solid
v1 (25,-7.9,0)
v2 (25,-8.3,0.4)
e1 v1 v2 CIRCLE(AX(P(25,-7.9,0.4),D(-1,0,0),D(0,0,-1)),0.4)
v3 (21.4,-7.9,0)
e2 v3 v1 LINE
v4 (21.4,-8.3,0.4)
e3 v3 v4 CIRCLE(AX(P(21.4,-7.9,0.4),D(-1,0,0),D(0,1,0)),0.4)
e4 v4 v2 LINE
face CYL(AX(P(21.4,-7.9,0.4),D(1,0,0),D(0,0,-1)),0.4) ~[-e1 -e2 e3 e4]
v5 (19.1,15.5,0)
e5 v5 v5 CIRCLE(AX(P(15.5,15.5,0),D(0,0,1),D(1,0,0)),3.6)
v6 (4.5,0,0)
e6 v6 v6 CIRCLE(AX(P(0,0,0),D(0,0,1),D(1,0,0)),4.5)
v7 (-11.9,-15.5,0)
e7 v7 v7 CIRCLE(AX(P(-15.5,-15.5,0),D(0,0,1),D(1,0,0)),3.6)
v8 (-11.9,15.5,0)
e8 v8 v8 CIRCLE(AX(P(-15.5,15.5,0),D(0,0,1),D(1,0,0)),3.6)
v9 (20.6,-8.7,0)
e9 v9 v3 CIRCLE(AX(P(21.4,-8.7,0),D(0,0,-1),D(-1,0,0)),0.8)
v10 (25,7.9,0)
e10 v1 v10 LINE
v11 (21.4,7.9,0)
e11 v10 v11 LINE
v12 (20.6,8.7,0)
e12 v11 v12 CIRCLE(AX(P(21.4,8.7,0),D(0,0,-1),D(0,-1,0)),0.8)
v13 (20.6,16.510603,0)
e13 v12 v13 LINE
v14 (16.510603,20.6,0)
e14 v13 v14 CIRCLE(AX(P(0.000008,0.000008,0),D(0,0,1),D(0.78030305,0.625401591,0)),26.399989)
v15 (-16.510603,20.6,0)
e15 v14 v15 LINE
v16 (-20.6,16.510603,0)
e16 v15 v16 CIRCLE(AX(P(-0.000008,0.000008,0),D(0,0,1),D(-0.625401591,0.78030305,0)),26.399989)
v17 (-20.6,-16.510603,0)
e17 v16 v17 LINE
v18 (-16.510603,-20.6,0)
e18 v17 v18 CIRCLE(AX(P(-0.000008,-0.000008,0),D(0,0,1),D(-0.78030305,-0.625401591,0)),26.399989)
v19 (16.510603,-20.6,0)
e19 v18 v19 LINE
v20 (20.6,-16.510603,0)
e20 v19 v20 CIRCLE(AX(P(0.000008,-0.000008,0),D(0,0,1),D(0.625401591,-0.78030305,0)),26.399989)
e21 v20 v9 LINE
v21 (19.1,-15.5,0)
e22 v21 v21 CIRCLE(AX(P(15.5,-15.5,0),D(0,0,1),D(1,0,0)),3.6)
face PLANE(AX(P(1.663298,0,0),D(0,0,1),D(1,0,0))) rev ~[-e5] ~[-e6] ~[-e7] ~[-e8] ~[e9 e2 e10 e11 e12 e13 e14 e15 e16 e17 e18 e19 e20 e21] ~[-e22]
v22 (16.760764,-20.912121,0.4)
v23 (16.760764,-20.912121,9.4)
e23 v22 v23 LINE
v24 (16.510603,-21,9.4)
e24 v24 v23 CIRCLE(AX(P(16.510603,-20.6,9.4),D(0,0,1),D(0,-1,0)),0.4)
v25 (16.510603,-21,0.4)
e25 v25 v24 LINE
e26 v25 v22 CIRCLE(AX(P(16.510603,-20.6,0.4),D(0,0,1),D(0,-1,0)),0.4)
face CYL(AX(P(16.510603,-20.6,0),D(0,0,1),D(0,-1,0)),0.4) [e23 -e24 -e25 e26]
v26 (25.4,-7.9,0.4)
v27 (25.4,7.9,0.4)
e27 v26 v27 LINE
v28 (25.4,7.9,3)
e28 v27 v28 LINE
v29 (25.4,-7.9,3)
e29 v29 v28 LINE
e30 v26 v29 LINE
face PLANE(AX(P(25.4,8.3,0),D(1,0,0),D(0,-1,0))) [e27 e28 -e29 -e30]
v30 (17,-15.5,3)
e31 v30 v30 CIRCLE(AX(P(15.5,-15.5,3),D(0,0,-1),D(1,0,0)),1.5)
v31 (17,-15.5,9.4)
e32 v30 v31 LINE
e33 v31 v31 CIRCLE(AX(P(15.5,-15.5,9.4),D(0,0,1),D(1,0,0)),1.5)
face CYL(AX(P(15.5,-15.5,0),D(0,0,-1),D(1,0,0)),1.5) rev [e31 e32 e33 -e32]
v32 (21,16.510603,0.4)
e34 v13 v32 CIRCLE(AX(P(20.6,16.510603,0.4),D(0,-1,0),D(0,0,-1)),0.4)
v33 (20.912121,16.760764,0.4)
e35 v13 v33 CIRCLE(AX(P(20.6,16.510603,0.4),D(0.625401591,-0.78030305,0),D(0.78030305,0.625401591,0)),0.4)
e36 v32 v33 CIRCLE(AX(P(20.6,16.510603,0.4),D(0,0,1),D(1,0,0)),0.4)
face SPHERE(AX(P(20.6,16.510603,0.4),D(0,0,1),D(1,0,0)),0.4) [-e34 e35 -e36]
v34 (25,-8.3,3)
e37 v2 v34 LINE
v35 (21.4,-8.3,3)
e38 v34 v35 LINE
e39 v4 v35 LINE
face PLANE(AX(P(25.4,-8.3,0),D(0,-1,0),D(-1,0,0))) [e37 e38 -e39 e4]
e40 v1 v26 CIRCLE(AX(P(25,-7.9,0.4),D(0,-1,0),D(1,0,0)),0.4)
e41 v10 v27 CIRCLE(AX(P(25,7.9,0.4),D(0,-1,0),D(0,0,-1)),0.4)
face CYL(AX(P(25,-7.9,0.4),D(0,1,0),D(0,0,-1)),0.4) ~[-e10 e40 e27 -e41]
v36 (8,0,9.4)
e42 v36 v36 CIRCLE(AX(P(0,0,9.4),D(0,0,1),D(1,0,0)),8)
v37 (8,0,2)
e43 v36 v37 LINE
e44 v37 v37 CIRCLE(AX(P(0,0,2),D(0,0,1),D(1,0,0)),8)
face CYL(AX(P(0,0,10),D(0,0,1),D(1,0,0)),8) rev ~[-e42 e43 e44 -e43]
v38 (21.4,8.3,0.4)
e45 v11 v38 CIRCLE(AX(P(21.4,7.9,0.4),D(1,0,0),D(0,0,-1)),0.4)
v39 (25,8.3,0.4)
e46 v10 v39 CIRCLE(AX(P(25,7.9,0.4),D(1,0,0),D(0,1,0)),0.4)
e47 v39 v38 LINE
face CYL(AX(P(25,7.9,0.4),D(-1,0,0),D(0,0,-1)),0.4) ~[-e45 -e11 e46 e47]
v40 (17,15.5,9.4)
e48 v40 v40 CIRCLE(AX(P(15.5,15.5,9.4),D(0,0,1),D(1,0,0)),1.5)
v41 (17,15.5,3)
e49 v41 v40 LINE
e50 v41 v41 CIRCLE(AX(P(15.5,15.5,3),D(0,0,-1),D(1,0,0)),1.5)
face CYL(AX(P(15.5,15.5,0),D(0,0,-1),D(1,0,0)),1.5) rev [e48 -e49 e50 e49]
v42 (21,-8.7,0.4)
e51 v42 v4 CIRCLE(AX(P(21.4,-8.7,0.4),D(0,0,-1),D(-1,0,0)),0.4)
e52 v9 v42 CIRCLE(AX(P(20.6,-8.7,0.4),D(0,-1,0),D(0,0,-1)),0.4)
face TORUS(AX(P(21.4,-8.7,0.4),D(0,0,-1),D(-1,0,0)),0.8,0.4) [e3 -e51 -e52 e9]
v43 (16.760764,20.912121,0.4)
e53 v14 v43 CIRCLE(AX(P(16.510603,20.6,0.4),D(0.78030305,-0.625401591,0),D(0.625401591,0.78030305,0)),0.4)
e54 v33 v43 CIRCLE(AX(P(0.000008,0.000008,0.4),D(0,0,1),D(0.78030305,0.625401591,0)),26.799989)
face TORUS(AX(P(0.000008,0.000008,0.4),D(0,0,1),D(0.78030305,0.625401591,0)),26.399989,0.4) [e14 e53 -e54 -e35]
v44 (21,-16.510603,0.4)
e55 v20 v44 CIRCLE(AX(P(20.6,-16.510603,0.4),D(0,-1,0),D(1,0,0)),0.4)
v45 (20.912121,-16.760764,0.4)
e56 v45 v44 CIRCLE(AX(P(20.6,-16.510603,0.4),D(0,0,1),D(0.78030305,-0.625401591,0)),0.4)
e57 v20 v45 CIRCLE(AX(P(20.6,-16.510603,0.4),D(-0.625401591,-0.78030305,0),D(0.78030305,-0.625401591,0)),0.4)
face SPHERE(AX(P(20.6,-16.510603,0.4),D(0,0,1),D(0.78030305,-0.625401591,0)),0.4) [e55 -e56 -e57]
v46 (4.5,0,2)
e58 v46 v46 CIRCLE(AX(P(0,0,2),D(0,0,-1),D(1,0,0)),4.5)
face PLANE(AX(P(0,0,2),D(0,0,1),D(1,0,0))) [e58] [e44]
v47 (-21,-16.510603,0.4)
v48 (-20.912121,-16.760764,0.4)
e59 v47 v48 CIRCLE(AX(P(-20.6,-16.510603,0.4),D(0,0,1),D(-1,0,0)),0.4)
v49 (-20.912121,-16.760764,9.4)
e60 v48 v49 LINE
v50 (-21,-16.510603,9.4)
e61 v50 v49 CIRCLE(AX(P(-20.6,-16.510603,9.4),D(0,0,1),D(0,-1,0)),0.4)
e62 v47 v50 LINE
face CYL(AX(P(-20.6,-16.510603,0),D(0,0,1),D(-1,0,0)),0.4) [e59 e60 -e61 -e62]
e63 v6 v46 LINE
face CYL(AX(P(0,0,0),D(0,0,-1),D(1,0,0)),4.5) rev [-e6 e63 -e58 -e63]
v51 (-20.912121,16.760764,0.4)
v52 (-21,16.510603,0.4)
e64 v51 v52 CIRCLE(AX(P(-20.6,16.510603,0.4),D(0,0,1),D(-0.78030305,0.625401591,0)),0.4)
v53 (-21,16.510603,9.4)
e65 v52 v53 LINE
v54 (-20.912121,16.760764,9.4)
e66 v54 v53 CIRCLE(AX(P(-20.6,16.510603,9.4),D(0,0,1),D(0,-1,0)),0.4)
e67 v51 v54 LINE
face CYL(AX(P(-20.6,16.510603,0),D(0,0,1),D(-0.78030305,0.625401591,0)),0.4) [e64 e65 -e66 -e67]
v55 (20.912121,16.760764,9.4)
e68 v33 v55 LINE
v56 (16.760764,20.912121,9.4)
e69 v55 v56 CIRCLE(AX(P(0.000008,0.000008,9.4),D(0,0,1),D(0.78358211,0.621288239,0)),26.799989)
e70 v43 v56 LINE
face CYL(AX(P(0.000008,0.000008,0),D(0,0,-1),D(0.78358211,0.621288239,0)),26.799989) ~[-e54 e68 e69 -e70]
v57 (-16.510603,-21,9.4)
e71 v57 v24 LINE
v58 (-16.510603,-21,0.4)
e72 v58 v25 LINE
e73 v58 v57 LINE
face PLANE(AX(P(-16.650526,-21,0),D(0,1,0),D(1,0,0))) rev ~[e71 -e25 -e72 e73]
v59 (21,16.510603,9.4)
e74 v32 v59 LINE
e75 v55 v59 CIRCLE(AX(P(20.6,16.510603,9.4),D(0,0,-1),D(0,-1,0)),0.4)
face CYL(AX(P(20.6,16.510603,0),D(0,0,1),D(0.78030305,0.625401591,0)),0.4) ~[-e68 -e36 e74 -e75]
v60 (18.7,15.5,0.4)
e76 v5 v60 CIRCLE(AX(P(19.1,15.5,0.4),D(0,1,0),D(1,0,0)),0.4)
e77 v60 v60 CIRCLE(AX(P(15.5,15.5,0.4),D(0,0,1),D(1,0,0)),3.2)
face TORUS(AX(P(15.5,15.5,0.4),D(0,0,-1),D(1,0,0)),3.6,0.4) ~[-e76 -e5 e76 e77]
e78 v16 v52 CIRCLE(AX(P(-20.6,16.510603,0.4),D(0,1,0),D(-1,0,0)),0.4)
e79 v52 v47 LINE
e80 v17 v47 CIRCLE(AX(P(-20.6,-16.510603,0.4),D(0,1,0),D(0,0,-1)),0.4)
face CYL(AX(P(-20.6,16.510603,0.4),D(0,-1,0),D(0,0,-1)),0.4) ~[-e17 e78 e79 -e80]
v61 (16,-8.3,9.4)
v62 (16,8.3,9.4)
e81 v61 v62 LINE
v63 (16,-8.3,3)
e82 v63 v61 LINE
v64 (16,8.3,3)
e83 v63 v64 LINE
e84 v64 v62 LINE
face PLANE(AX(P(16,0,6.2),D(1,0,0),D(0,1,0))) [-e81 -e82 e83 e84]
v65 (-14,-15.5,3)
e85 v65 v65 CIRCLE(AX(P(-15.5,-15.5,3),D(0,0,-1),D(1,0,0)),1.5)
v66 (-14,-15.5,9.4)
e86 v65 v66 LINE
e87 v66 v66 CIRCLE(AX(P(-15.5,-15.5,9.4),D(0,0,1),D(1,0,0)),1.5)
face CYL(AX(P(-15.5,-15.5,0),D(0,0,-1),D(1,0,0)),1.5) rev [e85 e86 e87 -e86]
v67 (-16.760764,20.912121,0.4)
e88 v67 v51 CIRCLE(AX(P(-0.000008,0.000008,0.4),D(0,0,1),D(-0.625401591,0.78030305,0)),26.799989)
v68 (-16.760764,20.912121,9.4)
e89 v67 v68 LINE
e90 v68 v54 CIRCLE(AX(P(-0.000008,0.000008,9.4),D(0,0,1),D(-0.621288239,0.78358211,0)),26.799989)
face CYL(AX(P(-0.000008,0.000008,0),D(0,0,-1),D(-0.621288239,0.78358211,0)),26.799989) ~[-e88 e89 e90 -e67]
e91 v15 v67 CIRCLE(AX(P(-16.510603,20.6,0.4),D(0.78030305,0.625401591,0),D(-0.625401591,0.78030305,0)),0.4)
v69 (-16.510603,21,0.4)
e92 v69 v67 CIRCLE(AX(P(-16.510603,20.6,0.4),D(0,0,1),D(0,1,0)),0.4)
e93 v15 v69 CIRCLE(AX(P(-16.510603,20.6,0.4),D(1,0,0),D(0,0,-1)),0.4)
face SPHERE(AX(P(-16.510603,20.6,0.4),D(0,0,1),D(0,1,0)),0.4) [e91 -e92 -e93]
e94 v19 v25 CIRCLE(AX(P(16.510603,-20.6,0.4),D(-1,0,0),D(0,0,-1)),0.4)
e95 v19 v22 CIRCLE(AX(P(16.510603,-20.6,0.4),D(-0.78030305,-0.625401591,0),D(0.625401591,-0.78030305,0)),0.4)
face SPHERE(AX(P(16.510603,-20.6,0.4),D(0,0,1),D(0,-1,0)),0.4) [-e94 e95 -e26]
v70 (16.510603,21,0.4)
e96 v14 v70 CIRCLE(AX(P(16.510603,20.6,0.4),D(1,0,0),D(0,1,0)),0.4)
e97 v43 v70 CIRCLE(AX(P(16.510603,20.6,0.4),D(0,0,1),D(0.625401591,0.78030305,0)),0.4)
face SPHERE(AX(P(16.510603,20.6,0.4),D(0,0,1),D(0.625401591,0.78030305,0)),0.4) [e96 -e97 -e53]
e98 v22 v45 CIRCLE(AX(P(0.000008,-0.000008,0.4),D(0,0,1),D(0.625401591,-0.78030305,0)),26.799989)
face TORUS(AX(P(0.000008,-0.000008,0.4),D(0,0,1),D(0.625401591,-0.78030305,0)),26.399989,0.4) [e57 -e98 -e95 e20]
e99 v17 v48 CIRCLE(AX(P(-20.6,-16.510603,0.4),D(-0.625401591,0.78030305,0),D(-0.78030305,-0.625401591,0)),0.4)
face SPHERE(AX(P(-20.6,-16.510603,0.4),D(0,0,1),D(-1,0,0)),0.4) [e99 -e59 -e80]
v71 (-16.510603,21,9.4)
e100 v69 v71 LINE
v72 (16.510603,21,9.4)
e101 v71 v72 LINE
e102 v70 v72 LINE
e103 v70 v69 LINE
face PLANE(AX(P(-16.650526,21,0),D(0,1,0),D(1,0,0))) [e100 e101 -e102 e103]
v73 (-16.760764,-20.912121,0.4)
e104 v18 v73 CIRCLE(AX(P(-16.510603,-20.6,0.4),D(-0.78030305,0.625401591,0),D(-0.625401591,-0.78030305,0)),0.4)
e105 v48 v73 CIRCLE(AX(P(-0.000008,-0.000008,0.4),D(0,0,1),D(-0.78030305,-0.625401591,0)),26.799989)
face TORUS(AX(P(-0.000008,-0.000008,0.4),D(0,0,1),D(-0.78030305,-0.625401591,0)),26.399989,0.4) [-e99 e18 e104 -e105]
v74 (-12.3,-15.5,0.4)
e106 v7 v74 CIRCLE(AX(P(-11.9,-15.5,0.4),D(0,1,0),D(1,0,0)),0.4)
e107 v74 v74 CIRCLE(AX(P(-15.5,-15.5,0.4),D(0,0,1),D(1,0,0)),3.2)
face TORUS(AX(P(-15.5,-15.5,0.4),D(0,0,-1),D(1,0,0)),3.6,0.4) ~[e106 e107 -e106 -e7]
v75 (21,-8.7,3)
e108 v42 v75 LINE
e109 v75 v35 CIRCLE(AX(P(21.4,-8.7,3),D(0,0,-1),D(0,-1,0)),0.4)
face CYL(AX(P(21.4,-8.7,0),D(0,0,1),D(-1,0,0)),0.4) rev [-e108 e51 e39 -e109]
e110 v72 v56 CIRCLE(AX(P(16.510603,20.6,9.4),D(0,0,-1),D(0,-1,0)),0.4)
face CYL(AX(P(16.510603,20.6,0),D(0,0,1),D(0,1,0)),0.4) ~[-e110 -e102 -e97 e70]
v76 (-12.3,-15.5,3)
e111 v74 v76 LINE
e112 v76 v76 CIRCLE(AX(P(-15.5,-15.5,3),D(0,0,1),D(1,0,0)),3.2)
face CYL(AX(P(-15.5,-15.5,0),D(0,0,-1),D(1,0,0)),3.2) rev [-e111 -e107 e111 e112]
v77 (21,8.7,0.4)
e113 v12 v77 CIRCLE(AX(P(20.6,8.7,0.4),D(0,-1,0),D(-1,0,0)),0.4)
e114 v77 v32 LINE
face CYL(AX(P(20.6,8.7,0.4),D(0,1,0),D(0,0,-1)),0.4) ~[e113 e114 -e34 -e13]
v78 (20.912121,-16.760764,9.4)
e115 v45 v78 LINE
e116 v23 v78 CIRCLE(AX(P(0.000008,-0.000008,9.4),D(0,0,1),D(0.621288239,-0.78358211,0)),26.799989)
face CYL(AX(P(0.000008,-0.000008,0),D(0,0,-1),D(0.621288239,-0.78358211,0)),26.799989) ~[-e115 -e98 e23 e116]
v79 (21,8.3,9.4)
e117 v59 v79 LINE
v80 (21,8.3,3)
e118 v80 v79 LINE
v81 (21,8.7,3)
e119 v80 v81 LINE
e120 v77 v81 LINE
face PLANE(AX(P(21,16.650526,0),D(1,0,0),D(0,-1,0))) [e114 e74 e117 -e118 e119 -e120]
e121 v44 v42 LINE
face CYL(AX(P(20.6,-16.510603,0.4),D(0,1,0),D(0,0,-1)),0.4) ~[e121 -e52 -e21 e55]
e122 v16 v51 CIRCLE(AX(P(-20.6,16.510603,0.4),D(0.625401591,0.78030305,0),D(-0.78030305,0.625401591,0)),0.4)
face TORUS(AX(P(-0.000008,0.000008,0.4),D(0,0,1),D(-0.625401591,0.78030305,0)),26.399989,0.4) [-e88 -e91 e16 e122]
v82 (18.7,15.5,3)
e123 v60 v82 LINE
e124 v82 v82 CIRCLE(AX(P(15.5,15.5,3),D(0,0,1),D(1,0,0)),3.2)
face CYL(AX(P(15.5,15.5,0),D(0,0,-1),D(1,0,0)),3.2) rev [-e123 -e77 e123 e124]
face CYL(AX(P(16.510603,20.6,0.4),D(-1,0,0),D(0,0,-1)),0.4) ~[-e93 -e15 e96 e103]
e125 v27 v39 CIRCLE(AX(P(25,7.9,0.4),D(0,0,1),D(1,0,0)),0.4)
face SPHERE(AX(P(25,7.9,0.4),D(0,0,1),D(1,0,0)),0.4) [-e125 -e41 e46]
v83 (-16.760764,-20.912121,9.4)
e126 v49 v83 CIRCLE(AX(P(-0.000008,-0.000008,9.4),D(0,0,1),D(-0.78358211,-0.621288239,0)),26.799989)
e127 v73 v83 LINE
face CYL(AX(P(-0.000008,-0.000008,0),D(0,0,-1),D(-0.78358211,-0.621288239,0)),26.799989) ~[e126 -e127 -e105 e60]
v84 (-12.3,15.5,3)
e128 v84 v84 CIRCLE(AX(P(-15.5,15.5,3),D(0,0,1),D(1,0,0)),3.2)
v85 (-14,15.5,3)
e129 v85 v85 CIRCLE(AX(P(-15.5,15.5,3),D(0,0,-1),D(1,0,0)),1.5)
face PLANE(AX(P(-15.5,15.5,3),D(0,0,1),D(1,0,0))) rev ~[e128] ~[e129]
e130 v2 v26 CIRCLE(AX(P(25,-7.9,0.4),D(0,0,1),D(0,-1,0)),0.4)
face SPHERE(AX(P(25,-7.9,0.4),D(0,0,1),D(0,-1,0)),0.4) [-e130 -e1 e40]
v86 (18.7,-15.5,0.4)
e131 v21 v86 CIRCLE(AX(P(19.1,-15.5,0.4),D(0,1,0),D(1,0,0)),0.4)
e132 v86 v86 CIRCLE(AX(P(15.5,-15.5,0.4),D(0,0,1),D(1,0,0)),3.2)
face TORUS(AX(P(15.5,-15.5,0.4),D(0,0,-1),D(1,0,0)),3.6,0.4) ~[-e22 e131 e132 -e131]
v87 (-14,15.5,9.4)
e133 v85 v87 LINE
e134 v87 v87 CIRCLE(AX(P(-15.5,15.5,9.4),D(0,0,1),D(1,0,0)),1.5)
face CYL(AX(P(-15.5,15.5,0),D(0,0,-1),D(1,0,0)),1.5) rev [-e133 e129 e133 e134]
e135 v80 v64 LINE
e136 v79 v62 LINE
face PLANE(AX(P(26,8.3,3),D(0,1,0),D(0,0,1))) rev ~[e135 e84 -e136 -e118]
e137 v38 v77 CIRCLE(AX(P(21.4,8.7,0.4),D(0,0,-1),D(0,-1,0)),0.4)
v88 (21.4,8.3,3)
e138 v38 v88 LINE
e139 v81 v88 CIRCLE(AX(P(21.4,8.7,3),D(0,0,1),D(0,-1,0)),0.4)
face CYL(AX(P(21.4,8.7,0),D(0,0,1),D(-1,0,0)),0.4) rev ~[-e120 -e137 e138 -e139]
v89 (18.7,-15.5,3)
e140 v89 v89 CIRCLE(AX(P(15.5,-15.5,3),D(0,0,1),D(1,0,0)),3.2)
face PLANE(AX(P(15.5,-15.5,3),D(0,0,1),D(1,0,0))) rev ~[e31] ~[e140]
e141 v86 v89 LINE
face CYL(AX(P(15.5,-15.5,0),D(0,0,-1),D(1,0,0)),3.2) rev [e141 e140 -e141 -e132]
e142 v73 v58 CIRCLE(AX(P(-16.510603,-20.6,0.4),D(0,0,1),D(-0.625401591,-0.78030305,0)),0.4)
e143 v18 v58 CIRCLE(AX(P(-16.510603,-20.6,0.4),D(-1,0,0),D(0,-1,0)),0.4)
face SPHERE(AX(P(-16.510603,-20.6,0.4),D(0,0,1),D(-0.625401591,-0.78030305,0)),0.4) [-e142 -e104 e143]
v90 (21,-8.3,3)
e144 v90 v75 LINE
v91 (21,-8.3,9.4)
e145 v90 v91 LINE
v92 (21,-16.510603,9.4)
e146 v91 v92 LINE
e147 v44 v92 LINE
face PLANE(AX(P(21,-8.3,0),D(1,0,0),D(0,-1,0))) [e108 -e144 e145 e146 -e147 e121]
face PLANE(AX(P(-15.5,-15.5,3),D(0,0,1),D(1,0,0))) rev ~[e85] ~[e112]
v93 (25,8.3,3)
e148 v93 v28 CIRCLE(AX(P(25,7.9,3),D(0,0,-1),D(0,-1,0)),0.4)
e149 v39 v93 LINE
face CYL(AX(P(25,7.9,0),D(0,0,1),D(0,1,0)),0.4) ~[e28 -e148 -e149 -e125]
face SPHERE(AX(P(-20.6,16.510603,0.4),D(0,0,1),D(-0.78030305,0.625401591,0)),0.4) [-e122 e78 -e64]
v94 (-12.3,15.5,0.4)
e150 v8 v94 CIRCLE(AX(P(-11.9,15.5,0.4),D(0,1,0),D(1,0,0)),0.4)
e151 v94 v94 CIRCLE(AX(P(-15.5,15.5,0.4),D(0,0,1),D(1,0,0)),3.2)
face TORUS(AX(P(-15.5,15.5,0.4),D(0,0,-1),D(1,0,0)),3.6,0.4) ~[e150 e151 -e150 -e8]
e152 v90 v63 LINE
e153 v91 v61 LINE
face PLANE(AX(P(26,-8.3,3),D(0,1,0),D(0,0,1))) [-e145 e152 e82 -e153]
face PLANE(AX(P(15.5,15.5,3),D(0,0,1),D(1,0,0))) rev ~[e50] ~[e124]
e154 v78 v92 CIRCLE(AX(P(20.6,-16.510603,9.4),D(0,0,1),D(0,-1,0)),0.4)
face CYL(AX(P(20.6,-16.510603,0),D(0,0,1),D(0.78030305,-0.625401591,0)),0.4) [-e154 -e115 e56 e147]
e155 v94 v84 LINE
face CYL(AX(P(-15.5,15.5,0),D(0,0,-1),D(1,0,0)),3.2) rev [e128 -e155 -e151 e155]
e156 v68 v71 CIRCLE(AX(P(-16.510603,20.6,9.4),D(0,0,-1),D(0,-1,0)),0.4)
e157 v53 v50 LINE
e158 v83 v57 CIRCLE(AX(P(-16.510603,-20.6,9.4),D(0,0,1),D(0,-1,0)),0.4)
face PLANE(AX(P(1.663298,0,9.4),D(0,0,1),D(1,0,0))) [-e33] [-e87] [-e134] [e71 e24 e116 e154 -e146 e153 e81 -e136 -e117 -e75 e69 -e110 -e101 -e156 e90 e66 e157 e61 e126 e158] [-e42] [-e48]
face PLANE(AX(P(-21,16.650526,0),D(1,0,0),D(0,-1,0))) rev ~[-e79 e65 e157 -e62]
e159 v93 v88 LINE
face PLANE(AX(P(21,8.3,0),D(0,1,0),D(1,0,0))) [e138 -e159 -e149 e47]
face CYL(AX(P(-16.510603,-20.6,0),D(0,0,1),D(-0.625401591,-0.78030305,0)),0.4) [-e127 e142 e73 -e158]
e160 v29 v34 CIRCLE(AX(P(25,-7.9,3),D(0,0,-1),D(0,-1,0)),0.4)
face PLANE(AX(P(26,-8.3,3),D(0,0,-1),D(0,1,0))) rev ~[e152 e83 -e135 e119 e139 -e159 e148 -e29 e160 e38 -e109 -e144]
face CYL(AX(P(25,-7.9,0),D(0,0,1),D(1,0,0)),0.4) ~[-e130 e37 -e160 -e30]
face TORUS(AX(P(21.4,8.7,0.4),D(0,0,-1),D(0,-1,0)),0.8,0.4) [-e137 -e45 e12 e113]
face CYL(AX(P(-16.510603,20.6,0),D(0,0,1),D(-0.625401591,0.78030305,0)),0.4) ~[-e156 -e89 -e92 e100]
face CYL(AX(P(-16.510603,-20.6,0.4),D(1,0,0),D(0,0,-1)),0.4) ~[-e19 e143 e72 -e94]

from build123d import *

# Parameters (mm, degrees)
SKETCH_R        = 4.5
SKETCH_R_2      = 1.5
PAD_DEPTH       = 9.4
SKETCH002_R     = 3.2
POCKET_DEPTH    = 3
SKETCH003_R     = 8
POCKET001_DEPTH = 8
SKETCH004_W     = 16.6
SKETCH004_H     = 6.4
POCKET002_DEPTH = 10
FILLET_R        = 0.4
FILLET001_R     = 0.4


with BuildPart() as part:
    # Sketch → Pad (new body)
    with BuildSketch(Plane.XY):
        with BuildLine():
            ThreePointArc((-16.650526, 21), (-18.950462, 18.950462), (-21, 16.650526))
            Line((-21, 16.650526), (-21, -16.650526))
            ThreePointArc((-21, -16.650526), (-18.950462, -18.950462), (-16.650526, -21))
            Line((-16.650526, -21), (16.650526, -21))
            ThreePointArc((16.650526, -21), (18.950462, -18.950462), (21, -16.650526))
            Line((21, -8.3), (21, -16.650526))
            Line((25.4, -8.3), (21, -8.3))
            Line((25.4, 8.3), (25.4, -8.3))
            Line((21, 8.3), (25.4, 8.3))
            Line((21, 16.650526), (21, 8.3))
            ThreePointArc((21, 16.650526), (18.950462, 18.950462), (16.650526, 21))
            Line((-16.650526, 21), (16.650526, 21))
        make_face()
        Circle(SKETCH_R, mode=Mode.SUBTRACT)
        with Locations((-15.5, 15.5)):
            Circle(SKETCH_R_2, mode=Mode.SUBTRACT)
        with Locations((15.5, 15.5)):
            Circle(SKETCH_R_2, mode=Mode.SUBTRACT)
        with Locations((15.5, -15.5)):
            Circle(SKETCH_R_2, mode=Mode.SUBTRACT)
        with Locations((-15.5, -15.5)):
            Circle(SKETCH_R_2, mode=Mode.SUBTRACT)
    extrude(amount=PAD_DEPTH)

    # Sketch002 → Pocket (cut)
    with BuildSketch(Plane.XY):
        with Locations((-15.5, 15.5)):
            Circle(SKETCH002_R)
        with Locations((15.5, 15.5)):
            Circle(SKETCH002_R)
        with Locations((15.5, -15.5)):
            Circle(SKETCH002_R)
        with Locations((-15.5, -15.5)):
            Circle(SKETCH002_R)
    extrude(amount=POCKET_DEPTH, mode=Mode.SUBTRACT)

    # Sketch003 → Pocket001 (cut)
    with BuildSketch(Plane.XY.offset(10)):
        Circle(SKETCH003_R)
    extrude(amount=-POCKET001_DEPTH, mode=Mode.SUBTRACT)

    # Sketch004 → Pocket002 (cut)
    with BuildSketch(Plane.YZ.offset(26)):
        with Locations((0, 6.2)):
            Rectangle(SKETCH004_W, SKETCH004_H)
    extrude(amount=-POCKET002_DEPTH, mode=Mode.SUBTRACT)

    # Fillet
    fillet_edges = [part.edges().sort_by_distance(p)[0] for p in [
        (21, -8.3, 1.5),
        (21, 8.3, 1.5),
        (25.4, 8.3, 1.5),
        (25.4, -8.3, 1.5),
        (21, -16.650526, 4.7),
        (16.650526, -21, 4.7),
        (-16.650526, -21, 4.7),
        (-21, -16.650526, 4.7),
        (-21, 16.650526, 4.7),
        (-16.650526, 21, 4.7),
        (16.650526, 21, 4.7),
        (21, 16.650526, 4.7),
        (-18.7, 15.5, 0),
        (-18.7, -15.5, 0),
        (12.3, -15.5, 0),
        (12.3, 15.5, 0),
    ]]
    fillet(fillet_edges, radius=FILLET_R)

    # Fillet001
    fillet001_edges = [part.edges().sort_by_distance(p)[0] for p in [
        (18.950462, -18.950462, 0),
    ]]
    fillet(fillet001_edges, radius=FILLET001_R)


solid = part.part
